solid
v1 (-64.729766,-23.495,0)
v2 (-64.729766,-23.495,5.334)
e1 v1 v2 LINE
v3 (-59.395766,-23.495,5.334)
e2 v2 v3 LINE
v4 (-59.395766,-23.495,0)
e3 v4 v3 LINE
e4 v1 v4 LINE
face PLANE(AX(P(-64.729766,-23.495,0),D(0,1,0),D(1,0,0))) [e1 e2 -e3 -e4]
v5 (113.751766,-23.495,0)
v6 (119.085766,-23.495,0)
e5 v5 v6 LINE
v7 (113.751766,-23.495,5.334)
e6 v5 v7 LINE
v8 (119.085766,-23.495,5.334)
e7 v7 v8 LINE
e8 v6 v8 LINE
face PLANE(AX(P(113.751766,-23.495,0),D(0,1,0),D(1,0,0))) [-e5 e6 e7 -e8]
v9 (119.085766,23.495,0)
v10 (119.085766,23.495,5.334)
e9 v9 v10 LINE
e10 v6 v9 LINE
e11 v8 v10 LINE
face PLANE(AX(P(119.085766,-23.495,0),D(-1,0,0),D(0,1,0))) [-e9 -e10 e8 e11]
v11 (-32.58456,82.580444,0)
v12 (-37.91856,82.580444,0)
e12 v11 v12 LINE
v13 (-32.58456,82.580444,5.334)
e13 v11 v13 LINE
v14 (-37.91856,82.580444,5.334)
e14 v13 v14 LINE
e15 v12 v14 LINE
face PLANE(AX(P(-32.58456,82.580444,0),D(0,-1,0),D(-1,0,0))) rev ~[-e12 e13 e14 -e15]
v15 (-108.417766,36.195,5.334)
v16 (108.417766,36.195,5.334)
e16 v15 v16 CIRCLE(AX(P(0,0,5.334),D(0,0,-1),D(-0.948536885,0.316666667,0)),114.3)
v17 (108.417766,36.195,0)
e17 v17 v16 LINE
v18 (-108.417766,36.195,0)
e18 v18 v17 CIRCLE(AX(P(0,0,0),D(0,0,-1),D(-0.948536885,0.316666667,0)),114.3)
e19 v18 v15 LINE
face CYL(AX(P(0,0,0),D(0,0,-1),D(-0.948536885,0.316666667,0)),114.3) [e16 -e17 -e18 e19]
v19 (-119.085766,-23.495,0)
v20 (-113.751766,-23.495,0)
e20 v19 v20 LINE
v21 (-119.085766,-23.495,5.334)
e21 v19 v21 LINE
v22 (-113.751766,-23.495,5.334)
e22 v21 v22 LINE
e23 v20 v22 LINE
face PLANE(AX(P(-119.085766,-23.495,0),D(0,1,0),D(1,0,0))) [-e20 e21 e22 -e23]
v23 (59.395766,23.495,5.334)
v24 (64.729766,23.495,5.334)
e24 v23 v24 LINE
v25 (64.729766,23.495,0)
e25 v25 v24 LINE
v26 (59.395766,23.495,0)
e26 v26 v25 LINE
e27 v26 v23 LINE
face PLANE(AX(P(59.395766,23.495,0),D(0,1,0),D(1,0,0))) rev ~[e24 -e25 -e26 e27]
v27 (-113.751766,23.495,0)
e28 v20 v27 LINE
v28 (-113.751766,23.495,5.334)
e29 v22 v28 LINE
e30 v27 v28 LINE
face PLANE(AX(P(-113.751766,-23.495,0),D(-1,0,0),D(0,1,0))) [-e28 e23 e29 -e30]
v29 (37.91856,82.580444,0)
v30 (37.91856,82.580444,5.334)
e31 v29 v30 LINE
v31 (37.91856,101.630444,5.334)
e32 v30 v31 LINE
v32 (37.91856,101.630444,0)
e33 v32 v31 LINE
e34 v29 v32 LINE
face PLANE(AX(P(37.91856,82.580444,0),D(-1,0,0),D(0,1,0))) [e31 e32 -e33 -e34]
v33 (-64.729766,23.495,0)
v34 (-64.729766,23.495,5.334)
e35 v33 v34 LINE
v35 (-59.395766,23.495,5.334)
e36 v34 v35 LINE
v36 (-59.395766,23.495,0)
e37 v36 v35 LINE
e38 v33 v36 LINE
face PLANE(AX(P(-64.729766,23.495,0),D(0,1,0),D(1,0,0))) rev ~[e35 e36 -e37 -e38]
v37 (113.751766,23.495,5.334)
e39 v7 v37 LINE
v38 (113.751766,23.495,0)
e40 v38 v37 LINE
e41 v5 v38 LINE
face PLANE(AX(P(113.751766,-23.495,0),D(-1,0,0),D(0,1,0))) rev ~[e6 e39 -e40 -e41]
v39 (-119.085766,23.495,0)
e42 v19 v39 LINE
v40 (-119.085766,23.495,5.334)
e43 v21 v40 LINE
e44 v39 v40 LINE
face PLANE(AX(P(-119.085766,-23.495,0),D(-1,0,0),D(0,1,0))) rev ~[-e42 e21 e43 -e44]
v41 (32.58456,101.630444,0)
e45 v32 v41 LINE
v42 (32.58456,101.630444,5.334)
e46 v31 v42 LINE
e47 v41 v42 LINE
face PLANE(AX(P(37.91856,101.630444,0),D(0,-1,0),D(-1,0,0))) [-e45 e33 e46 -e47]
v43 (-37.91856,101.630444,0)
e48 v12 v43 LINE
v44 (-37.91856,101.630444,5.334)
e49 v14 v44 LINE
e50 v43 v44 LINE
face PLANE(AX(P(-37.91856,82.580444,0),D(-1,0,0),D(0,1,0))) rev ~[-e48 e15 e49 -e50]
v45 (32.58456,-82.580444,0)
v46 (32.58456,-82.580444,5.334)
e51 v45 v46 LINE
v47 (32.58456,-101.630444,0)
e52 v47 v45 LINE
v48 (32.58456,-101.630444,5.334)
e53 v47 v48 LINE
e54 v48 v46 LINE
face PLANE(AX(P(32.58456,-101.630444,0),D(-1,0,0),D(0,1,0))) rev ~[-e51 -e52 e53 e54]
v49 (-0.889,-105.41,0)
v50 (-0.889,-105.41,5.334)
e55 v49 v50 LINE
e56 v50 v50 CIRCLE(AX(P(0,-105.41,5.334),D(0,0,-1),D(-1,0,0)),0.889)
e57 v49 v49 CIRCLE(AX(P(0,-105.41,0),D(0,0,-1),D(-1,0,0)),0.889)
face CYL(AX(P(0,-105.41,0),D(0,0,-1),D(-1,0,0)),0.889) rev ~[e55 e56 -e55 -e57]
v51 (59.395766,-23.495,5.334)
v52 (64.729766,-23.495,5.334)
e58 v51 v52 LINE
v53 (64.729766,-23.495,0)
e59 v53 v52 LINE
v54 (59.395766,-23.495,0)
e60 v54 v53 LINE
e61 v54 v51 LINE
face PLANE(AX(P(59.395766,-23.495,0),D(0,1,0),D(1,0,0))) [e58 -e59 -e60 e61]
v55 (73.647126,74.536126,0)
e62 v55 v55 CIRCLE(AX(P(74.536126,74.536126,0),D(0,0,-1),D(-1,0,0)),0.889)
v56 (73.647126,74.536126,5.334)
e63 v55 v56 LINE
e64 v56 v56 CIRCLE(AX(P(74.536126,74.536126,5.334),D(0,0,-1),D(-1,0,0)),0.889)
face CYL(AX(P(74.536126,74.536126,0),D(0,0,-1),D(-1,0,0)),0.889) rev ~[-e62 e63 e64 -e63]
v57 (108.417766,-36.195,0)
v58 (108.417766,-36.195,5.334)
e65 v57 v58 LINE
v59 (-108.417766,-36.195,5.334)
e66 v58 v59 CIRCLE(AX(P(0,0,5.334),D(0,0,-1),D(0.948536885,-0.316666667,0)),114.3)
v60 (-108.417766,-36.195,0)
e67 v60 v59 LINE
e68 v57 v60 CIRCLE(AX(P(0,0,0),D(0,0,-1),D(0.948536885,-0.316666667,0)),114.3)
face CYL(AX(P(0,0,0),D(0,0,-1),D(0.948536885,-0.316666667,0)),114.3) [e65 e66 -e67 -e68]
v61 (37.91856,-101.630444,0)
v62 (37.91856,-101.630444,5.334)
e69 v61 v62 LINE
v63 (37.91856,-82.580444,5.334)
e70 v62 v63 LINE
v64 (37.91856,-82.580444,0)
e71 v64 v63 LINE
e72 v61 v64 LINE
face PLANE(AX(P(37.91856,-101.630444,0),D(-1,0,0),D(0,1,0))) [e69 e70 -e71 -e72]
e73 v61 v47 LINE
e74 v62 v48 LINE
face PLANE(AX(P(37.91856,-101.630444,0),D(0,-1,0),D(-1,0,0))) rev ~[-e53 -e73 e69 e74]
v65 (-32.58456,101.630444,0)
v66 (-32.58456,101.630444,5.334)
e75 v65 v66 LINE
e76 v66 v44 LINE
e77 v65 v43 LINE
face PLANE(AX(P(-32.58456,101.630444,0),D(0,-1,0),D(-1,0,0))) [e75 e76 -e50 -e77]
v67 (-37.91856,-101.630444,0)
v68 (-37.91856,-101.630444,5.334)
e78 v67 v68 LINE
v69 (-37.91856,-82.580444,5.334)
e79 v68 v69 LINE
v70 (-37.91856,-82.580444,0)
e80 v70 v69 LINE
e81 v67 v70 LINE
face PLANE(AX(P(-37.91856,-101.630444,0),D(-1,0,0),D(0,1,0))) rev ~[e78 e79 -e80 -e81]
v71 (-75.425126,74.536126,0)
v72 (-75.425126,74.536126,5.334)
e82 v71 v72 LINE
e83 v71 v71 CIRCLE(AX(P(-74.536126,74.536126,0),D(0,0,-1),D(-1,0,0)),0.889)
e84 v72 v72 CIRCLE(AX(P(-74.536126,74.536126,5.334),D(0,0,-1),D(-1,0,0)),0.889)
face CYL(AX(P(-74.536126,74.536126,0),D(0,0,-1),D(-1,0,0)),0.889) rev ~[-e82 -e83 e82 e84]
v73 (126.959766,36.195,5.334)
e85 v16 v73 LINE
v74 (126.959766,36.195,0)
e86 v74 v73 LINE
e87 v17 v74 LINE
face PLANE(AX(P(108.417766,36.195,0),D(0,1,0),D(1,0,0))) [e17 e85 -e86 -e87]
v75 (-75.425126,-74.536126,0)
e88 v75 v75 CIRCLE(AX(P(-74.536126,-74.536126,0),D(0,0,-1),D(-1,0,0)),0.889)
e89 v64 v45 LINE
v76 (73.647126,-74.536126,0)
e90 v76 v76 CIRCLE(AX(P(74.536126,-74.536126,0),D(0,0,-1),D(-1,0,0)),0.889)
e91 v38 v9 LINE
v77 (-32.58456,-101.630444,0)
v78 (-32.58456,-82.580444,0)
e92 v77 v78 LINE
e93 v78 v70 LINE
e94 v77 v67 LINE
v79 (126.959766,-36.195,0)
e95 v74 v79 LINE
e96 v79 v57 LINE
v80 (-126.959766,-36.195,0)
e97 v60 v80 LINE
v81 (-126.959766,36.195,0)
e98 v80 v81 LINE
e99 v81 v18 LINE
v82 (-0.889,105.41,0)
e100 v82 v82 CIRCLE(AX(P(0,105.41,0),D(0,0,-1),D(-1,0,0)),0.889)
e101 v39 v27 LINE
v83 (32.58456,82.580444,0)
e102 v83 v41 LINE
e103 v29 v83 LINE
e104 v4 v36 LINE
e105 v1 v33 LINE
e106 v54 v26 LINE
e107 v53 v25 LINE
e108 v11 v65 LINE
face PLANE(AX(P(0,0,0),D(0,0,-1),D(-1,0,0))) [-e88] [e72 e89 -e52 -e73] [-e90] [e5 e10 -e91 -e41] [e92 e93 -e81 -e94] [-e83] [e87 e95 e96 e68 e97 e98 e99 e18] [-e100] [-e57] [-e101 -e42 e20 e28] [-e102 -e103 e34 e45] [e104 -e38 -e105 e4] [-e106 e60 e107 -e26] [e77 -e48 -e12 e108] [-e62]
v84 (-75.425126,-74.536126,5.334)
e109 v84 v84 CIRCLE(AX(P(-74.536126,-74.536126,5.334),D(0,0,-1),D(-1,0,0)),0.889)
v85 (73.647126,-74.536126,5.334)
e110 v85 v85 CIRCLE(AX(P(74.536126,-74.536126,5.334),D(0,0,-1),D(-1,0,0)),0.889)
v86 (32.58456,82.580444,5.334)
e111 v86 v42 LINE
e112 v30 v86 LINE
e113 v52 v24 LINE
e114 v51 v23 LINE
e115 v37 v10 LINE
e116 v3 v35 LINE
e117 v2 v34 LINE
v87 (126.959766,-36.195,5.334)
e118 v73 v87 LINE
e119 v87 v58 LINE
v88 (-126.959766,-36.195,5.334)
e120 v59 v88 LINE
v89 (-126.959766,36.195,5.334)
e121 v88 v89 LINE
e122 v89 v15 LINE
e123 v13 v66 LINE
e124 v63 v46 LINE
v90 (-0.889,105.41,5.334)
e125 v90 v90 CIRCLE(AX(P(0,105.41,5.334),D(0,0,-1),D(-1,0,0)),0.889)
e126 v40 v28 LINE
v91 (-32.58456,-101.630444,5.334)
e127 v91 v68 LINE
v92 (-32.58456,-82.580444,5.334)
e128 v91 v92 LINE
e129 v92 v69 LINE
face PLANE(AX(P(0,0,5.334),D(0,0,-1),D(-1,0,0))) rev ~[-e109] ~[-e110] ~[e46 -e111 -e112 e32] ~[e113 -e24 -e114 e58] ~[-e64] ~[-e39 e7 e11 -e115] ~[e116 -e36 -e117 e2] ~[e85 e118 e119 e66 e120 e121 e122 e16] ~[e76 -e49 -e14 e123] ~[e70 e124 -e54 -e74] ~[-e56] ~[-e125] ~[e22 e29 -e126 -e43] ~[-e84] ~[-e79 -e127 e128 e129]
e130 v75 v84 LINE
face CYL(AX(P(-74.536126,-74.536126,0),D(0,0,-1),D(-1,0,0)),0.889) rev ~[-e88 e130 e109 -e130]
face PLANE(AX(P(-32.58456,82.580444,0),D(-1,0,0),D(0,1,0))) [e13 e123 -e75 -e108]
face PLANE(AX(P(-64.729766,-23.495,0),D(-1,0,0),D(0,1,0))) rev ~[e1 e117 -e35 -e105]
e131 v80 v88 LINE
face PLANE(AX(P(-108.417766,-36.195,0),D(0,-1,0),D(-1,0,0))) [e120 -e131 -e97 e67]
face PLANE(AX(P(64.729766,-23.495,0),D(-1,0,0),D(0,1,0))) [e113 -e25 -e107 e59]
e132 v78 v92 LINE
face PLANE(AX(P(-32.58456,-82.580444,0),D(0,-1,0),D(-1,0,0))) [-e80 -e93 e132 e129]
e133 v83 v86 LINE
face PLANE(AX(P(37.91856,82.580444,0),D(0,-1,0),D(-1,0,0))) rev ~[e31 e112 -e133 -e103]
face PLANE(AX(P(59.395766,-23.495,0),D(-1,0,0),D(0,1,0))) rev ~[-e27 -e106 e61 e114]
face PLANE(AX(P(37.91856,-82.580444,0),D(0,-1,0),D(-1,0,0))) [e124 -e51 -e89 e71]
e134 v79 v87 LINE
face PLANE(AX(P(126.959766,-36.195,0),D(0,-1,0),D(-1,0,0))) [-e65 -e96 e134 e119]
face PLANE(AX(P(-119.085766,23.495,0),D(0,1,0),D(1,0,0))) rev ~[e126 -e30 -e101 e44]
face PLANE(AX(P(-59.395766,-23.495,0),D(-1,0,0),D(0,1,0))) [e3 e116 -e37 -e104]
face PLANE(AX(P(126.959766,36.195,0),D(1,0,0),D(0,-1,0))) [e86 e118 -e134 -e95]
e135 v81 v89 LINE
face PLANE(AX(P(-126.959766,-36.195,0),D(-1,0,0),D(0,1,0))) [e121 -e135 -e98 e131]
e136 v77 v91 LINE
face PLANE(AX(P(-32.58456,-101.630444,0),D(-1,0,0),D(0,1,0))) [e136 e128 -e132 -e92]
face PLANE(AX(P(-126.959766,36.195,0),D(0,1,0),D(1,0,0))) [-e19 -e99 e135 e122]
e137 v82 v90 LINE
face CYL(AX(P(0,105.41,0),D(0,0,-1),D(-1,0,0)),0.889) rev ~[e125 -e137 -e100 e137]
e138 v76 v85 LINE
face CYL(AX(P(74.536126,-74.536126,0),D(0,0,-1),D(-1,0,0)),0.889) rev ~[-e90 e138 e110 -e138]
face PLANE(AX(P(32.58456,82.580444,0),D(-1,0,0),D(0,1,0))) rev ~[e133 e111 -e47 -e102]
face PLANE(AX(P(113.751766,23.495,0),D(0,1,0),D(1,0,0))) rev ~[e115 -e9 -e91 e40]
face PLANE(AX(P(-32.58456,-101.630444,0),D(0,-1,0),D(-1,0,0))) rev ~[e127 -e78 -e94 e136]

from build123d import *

# Parameters (mm, degrees)
SKETCH1_W                     = 5.334
SKETCH1_H                     = 46.99
BASE_PLATFORM_DEPTH           = 5.334
SKETCH5_R                     = 0.889
PERIMETER_STACKING_CUTS_DEPTH = 5.334
SKETCH6_W                     = 5.334
SKETCH6_H                     = 19.05
SKID_HOLES_DEPTH              = 5.334


with BuildPart() as part:
    # Sketch1 → Base Platform (new body)
    with BuildSketch(Plane.XY):
        with BuildLine():
            Line((126.959765957, -36.195), (108.417765957, -36.195))
            ThreePointArc((108.417765957, -36.195), (0, -114.3), (-108.417765957, -36.195))
            Line((-108.417765957, -36.195), (-126.959765957, -36.195))
            Line((-126.959765957, -36.195), (-126.959765957, 36.195))
            Line((-126.959765957, 36.195), (-108.417765957, 36.195))
            ThreePointArc((-108.417765957, 36.195), (0, 114.3), (108.417765957, 36.195))
            Line((108.417765957, 36.195), (126.959765957, 36.195))
            Line((126.959765957, 36.195), (126.959765957, -36.195))
        make_face()
        with Locations((-116.418765957, 0)):
            Rectangle(SKETCH1_W, SKETCH1_H, mode=Mode.SUBTRACT)
        with Locations((62.062765957, 0)):
            Rectangle(SKETCH1_W, SKETCH1_H, mode=Mode.SUBTRACT)
        with Locations((-62.062765957, 0)):
            Rectangle(SKETCH1_W, SKETCH1_H, mode=Mode.SUBTRACT)
        with Locations((116.418765957, 0)):
            Rectangle(SKETCH1_W, SKETCH1_H, mode=Mode.SUBTRACT)
    extrude(amount=BASE_PLATFORM_DEPTH)

    # Sketch5 → Perimeter stacking cuts (cut)
    with BuildSketch(Plane(origin=(0, 0, 0), x_dir=(-1, 0, 0), z_dir=(0, 0, -1))):
        with Locations((0, 105.41)):
            Circle(SKETCH5_R)
        with Locations((0, -105.41)):
            Circle(SKETCH5_R)
        with Locations((-74.536125805, 74.536125805)):
            Circle(SKETCH5_R)
        with Locations((74.536125805, 74.536125805)):
            Circle(SKETCH5_R)
        with Locations((74.536125805, -74.536125805)):
            Circle(SKETCH5_R)
        with Locations((-74.536125805, -74.536125805)):
            Circle(SKETCH5_R)
    extrude(amount=-PERIMETER_STACKING_CUTS_DEPTH, mode=Mode.SUBTRACT)

    # Sketch6 → Skid Holes (cut)
    with BuildSketch(Plane(origin=(0, 0, 0), x_dir=(-1, 0, 0), z_dir=(0, 0, -1))):
        with Locations((-35.251559841, 92.105443783)):
            Rectangle(SKETCH6_W, SKETCH6_H)
        with Locations((35.251559841, 92.105443783)):
            Rectangle(SKETCH6_W, SKETCH6_H)
        with Locations((35.251559841, -92.105443783)):
            Rectangle(SKETCH6_W, SKETCH6_H)
        with Locations((-35.251559841, -92.105443783)):
            Rectangle(SKETCH6_W, SKETCH6_H)
    extrude(amount=-SKID_HOLES_DEPTH, mode=Mode.SUBTRACT)


solid = part.part
